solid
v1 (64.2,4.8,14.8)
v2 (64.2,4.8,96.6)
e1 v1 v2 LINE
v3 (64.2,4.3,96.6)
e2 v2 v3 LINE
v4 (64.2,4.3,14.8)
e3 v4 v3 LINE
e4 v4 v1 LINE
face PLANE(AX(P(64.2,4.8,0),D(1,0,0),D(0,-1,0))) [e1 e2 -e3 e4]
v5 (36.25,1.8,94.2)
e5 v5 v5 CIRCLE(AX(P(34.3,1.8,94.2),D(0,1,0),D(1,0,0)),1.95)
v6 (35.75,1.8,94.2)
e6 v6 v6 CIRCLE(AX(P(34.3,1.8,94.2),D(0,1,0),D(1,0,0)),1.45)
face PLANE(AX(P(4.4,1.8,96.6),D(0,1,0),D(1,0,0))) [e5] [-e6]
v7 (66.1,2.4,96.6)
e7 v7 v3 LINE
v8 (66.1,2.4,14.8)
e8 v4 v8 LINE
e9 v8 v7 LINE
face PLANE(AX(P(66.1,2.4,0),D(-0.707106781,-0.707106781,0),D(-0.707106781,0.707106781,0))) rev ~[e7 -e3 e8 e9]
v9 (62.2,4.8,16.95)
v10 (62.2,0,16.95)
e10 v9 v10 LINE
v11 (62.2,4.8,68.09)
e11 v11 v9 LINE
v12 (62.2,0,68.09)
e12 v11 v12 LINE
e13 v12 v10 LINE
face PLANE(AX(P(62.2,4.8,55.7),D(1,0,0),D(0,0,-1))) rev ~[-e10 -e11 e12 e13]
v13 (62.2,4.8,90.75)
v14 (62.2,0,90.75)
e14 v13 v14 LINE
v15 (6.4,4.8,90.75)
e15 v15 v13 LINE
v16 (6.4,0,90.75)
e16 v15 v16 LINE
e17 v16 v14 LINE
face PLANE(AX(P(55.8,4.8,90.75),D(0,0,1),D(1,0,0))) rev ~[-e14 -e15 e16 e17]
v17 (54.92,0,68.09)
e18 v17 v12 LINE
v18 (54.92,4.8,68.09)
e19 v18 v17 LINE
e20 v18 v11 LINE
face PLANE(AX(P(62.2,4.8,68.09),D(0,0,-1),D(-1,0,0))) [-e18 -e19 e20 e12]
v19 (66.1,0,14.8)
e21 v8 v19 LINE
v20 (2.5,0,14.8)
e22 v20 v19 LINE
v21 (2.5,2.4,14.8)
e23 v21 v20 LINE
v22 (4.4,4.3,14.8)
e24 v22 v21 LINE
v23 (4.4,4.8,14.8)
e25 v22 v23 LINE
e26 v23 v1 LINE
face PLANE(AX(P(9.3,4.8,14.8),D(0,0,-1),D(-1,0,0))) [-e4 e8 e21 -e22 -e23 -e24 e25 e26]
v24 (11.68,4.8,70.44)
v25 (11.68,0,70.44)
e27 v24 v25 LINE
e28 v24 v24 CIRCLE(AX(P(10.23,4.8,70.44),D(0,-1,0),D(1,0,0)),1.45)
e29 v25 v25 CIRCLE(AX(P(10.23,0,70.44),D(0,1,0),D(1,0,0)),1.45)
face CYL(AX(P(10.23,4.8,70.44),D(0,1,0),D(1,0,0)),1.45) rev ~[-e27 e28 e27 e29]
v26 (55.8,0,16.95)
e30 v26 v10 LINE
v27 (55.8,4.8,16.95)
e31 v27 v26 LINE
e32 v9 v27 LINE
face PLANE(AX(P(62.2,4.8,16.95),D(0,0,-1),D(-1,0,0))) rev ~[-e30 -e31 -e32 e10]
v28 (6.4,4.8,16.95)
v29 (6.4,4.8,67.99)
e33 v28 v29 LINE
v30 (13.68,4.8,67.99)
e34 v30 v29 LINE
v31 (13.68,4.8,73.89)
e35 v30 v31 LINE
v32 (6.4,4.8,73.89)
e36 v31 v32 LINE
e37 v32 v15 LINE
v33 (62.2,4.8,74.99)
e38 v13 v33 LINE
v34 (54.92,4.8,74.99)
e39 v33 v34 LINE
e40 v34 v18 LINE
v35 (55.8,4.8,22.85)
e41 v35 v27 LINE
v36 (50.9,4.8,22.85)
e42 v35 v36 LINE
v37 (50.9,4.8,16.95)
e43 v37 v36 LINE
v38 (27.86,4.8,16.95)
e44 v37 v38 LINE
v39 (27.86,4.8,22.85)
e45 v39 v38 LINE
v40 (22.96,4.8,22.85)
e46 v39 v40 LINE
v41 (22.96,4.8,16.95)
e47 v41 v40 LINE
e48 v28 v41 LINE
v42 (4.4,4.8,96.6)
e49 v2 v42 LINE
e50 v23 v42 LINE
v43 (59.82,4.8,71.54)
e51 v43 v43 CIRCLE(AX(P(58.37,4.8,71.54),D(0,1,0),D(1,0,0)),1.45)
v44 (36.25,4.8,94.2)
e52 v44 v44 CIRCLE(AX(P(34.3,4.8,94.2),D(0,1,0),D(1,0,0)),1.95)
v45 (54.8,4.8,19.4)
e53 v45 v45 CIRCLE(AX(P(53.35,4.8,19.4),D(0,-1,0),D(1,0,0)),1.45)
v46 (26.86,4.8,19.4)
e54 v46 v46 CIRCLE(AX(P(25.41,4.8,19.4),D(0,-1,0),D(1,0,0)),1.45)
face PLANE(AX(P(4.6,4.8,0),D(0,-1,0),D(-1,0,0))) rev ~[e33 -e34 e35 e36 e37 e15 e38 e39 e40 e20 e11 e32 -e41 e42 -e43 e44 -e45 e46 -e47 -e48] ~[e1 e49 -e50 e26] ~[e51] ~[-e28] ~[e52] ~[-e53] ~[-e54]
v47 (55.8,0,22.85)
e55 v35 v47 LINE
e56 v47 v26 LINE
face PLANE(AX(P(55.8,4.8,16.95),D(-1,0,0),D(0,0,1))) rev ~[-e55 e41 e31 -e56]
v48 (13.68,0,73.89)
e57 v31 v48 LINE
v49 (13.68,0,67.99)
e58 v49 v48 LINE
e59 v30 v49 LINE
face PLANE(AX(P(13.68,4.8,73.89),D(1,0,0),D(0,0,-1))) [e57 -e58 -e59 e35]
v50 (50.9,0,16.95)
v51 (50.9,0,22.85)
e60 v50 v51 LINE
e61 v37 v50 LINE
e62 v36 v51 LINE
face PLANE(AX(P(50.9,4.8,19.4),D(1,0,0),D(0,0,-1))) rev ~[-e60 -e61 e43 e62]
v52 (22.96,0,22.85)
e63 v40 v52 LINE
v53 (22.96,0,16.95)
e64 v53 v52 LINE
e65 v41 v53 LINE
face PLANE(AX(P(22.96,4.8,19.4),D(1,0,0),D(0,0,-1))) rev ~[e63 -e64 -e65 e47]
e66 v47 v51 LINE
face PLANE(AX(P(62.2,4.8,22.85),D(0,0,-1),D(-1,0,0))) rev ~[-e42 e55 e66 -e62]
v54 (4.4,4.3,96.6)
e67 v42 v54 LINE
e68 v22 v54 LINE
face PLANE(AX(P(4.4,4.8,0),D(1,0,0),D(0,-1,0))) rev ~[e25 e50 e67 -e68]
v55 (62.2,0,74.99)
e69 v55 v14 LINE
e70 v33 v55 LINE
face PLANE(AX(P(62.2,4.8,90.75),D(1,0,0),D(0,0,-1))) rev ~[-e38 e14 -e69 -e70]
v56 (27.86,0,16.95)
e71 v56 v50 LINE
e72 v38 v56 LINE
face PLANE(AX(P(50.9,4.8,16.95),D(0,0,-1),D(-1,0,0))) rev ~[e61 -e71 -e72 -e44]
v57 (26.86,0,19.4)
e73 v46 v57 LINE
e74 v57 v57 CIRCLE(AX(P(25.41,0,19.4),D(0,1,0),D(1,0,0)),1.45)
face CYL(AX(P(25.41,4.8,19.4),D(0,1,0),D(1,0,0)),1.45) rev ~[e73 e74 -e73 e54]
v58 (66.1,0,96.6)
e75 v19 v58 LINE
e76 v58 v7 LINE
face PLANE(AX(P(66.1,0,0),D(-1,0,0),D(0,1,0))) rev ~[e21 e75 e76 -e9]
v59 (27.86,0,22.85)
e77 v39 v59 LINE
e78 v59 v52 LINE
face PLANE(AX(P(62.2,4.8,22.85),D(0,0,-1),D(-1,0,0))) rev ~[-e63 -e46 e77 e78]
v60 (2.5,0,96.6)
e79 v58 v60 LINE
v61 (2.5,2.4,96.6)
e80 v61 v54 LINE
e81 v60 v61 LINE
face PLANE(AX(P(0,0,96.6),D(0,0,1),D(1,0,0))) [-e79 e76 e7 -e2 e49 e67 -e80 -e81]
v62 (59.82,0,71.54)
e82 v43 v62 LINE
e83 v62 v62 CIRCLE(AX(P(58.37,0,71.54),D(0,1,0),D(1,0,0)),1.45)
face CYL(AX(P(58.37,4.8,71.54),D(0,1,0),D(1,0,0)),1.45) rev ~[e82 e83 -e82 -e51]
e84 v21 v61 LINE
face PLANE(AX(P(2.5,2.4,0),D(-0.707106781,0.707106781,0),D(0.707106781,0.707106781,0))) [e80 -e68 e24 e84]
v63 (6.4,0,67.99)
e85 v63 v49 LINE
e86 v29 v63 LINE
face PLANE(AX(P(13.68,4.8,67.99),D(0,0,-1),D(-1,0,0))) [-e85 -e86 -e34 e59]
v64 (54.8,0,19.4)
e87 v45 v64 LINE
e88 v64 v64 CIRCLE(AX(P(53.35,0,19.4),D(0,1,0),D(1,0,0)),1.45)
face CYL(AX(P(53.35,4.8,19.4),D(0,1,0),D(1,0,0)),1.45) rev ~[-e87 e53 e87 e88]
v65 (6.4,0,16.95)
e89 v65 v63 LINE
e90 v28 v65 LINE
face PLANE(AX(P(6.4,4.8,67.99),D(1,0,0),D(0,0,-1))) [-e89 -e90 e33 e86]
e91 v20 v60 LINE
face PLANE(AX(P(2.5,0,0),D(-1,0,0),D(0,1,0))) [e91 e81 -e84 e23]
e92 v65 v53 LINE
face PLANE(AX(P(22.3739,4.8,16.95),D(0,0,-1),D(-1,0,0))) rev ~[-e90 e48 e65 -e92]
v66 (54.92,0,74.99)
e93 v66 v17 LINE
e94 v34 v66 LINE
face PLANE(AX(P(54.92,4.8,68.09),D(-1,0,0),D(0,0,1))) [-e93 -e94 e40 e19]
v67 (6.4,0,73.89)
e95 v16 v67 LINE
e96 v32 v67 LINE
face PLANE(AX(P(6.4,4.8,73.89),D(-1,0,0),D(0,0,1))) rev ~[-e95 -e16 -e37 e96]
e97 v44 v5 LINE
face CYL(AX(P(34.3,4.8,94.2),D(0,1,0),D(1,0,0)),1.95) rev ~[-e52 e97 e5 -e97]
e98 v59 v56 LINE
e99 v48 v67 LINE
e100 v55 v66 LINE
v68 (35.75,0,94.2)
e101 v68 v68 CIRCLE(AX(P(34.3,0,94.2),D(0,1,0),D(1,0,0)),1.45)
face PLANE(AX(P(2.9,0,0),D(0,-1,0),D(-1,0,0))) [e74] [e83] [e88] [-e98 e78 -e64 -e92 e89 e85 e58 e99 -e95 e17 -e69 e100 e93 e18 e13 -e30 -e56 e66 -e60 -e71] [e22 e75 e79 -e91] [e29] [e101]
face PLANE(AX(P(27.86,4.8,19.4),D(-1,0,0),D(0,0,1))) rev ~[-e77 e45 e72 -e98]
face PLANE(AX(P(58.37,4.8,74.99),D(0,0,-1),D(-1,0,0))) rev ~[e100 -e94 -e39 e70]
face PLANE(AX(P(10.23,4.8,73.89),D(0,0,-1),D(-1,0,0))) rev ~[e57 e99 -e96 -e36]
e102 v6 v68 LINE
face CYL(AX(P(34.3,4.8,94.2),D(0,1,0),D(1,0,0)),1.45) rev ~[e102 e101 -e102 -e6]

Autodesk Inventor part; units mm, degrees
ref_plane "YZ Plane" through (0, 0, 0) normal (1, 0, 0) x (0, 1, 0)
ref_plane "XZ Plane" through (0, 0, 0) normal (0, 1, 0) x (-1, 0, 0)
ref_plane "XY Plane" through (0, 0, 0) normal (0, 0, 1) x (1, 0, 0)
sketch "Esboço1" plane through (0, 0, 0) normal (0, 0, 1) x (1, 0, 0)
  line L0 (2.9, 0) -> (65.7, 0)
  line L1 (2.9, 0) -> (2.7, 0)
  line L2 (65.7, 0) -> (65.9, 0)
  line L3 (4.6, 4.8) -> (64, 4.8)
  line L4 (64, 4.8) -> (64.2, 4.8)
  line L5 (65.9, 0) -> (66.1, 0)
  line L6 (66.1, 0) -> (66.1, 2.4)
  line L7 (66.1, 2.4) -> (64.2, 4.3)
  line L8 (64.2, 4.8) -> (64.2, 4.3)
  line L9 (2.9, 0) -> (2.7, 0)
  line L10 (4.6, 4.8) -> (4.4, 4.8)
  line L11 (2.7, 0) -> (2.5, 0)
  line L12 (2.5, 0) -> (2.5, 2.4)
  line L13 (2.5, 2.4) -> (4.4, 4.3)
  line L14 (4.4, 4.8) -> (4.4, 4.3)
  point P0 (61.9143, 91.5369)
extrude "Extrusão1" add sketch "Esboço1" along normal blind 96.6
sketch "Esboço3" plane through (4.4, 4.8, 0) normal (0, 1, 0) x (1, 0, 0)
  line L0 (64.2, -96.6) -> (-4.4, -96.6)
  line L1 (-1.9, -96.6) -> (61.7, -96.6)
  line L2 (29.9, -96.6) -> (29.9, -94.2)
  circle A0 centre (51.4, -94.2) radius 1.45
  line L3 (29.9, -96.6) -> (29.9, -91.8)
  line L4 (29.9, -94.2) -> (51.4, -94.2)
  line L5 (29.9, -94.2) -> (8.4, -94.2)
  circle A1 centre (8.4, -94.2) radius 1.45
  line L6 (0.4, -91.8) -> (59.4, -91.8)
  line L7 (61.7, -96.6) -> (-1.9, -96.6)
  circle A2 centre (29.9, -94.2) radius 1.45
  point P0 (-1.9, 0)
  point P1 (61.7, 0)
  dimension "d104" = 2.4
  dimension "d105" = 2.4
  dimension "d140" = 2.9
extrude "Extrusão3" cut sketch "Esboço3" against normal through all contours A2 L5 L2 | L2 L4 A2 | L5 A2 L3 | L3 A2 L4
sketch "Esboço4" plane through (4.4, 4.8, 0) normal (0, 1, 0) x (1, 0, 0)
  line L0 (-1.9, 0) -> (61.7, 0) projected
  line L1 (29.9, 0) -> (29.9, -4.8)
  line L2 (29.9, -4.8) -> (29.9, -14.8)
  line L3 (29.9, -14.8) -> (4.9, -14.8)
  line L4 (29.9, -14.8) -> (54.9, -14.8)
  line L5 (4.9, -14.8) -> (4.9, -4.8)
  line L6 (4.9, -4.8) -> (29.9, -4.8)
  line L7 (29.9, -4.8) -> (54.9, -4.8)
  line L8 (54.9, -4.8) -> (54.9, -14.8)
  line L9 (61.7, 0) -> (61.7, -96.6) projected
  line L10 (61.7, -14.8) -> (-1.9, -14.8)
  line L11 (-1.9, -14.8) -> (-1.9, 0)
  line L12 (-1.9, 0) -> (61.7, 0)
  line L13 (61.7, 0) -> (61.7, -14.8)
  point P0 (-4.4, 0)
  dimension "d51" = 4.8
  dimension "d52" = 10
  dimension "d53" = 25
  dimension "d54" = 25
extrude "Extrusão4" cut sketch "Esboço4" against normal through all
sketch "Esboço5" plane through (4.4, 4.8, 0) normal (0, 1, 0) x (1, 0, 0)
  line L0 (59.8, 0) -> (59.8, -96.6) projected
  line L1 (0, 0) -> (0, -96.6) projected
  line L2 (-1.9, -96.6) -> (61.7, -96.6) projected
  line L3 (-1.9, 0) -> (61.7, 0) projected
  line L4 (29.9, -85.38) -> (3.23, -85.38)
  line L5 (29.9, -85.38) -> (56.57, -85.38)
  line L6 (3.23, -85.38) -> (3.23, -70.14)
  line L7 (3.23, -70.14) -> (4.23, -70.14)
  line L8 (4.23, -70.14) -> (5.83, -70.14)
  line L9 (56.57, -85.38) -> (56.57, -16.8)
  line L10 (3.23, -70.14) -> (3.23, -16.8)
  line L11 (3.23, -16.8) -> (21.01, -16.8)
  line L12 (3.23, -16.8) -> (48.95, -16.8)
  line L13 (21.01, -16.8) -> (21.01, -17.8)
  line L14 (48.95, -16.8) -> (48.95, -17.8)
  line L15 (21.01, -17.8) -> (21.01, -19.4)
  line L16 (48.95, -17.8) -> (48.95, -19.4)
  circle A0 centre (21.01, -19.4) radius 1.45
  circle A1 centre (48.95, -19.4) radius 1.45
  line L17 (5.83, -70.14) -> (5.83, -70.44)
  circle A2 centre (5.83, -70.44) radius 1.45
  line L18 (53.97, -70.14) -> (53.97, -71.54)
  circle A3 centre (53.97, -71.54) radius 1.45
  line L19 (4.9, -14.8) -> (54.9, -14.8) projected
  point P0 (-4.4, 0)
  dimension "d60" = 53.34
  dimension "d61" = 15.24
  dimension "d62" = 1
  dimension "d63" = 1.6
  dimension "d64" = 68.58
  dimension "d65" = 17.78
  dimension "d67" = 45.72
  dimension "d69" = 1
  dimension "d70" = 1
  dimension "d71" = 1.6
  dimension "d72" = 1.6
  dimension "d73" = 2.9
  dimension "d74" = 2.9
  dimension "d77" = 68.58
  dimension "d86" = 0.3
  dimension "d87" = 2.9
  dimension "d88" = 1.4
  dimension "d89" = 2.9
extrude "Extrusão5" cut sketch "Esboço5" against normal through all contours A2 | A1 | A0 | A3
sketch "Esboço10" plane through (4.4, 4.8, 96.6) normal (0, 1, 0) x (1, 0, 0)
  circle A0 centre (53.97, 25.06) radius 1.45 projected
  circle A1 centre (5.83, 26.16) radius 1.45 projected
  circle A2 centre (48.95, 77.2) radius 1.45 projected
  line L0 (48.95, 77.2) -> (48.95, 75.75)
  line L1 (48.95, 75.75) -> (48.95, 73.75)
  circle A3 centre (21.01, 77.2) radius 1.45 projected
  line L2 (21.01, 75.75) -> (21.01, 73.75)
  line L3 (59.8, 81.8) -> (59.8, 0) projected
  line L4 (59.8, 40.9) -> (57.8, 40.9)
  line L5 (0, 81.8) -> (0, 0) projected
  line L6 (0, 40.9) -> (2, 40.9)
  line L7 (51.4, 3.85) -> (51.4, 5.85)
  line L8 (57.8, 40.9) -> (57.8, 73.75)
  line L9 (57.8, 73.75) -> (48.95, 73.75)
  line L10 (48.95, 73.75) -> (21.01, 73.75)
  line L11 (21.01, 73.75) -> (2, 73.75)
  line L12 (2, 73.75) -> (2, 40.9)
  line L13 (53.97, 28.51) -> (50.52, 28.51)
  line L14 (50.52, 28.51) -> (50.52, 25.06)
  line L15 (51.4, 5.85) -> (57.8, 5.85)
  line L16 (57.8, 40.9) -> (57.8, 28.51)
  line L17 (57.8, 28.51) -> (53.97, 28.51)
  line L18 (57.8, 5.85) -> (57.8, 21.61)
  line L19 (57.8, 21.61) -> (53.97, 21.61)
  line L20 (53.97, 21.61) -> (50.52, 21.61)
  line L21 (50.52, 21.61) -> (50.52, 25.06)
  line L22 (2, 40.9) -> (2, 29.61)
  line L23 (2, 22.71) -> (2, 5.85)
  line L24 (2, 5.85) -> (51.4, 5.85)
  line L25 (2, 29.61) -> (5.83, 29.61)
  line L26 (9.28, 29.61) -> (9.28, 26.16)
  line L27 (9.28, 22.71) -> (5.83, 22.71)
  line L28 (5.83, 22.71) -> (2, 22.71)
  line L29 (9.28, 22.71) -> (9.28, 26.16)
  line L30 (9.28, 29.61) -> (5.83, 29.61)
  line L31 (57.8, 21.61) -> (57.8, 28.51)
  point P0 (-4.4, 96.6)
  dimension "d108" = 2
  dimension "d109" = 2
  dimension "d110" = 2
  dimension "d111" = 2
extrude "Extrusão10" cut sketch "Esboço10" against normal through all contours L9 L8 L16 L17 L13 L14 L21 L20 L19 L18 L15 L24 L23 L28 L27 L29 L26 L30 L25 L22 L12 L11 L10
sketch "Esboço13" plane through (4.4, 4.8, 96.6) normal (0, 1, 0) x (1, 0, 0)
  circle A0 centre (48.95, 77.2) radius 1.45 projected
  line L0 (51.4, 77.2) -> (51.4, 73.75)
  line L1 (51.4, 79.65) -> (51.4, 77.2)
  line L2 (57.8, 77.2) -> (57.8, 79.65)
  line L3 (57.8, 79.65) -> (51.4, 79.65)
  circle A1 centre (21.01, 77.2) radius 1.45 projected
  line L4 (23.46, 77.2) -> (23.46, 73.75)
  line L5 (23.46, 77.2) -> (23.46, 79.65)
  line L6 (46.5, 77.2) -> (46.5, 73.75)
  line L7 (46.5, 77.2) -> (46.5, 79.65)
  line L8 (46.5, 79.65) -> (23.46, 79.65)
  line L9 (17.9739, 79.65) -> (2, 79.65)
  line L10 (2, 73.75) -> (2, 29.61) projected
  line L11 (2, 79.65) -> (2, 73.75)
  line L12 (2, 73.75) -> (17.9739, 73.75)
  line L13 (18.56, 77.2) -> (18.56, 73.75)
  line L14 (18.56, 73.75) -> (17.9739, 73.75)
  line L15 (18.56, 77.2) -> (18.56, 79.65)
  line L16 (18.56, 79.65) -> (17.9739, 79.65)
  line L17 (9.28, 22.71) -> (9.28, 29.61) projected
  line L18 (9.28, 29.61) -> (9.28, 28.61)
  line L19 (9.28, 28.61) -> (2, 28.61)
  line L20 (2, 28.61) -> (2, 29.61)
  line L21 (9.28, 29.61) -> (2, 29.61)
  line L22 (57.8, 28.51) -> (57.8, 73.75) projected
  line L23 (57.8, 77.2) -> (57.8, 73.75)
  line L24 (57.8, 73.75) -> (51.4, 73.75)
  line L25 (2, 73.75) -> (57.8, 73.75) projected
  line L26 (51.4, 73.75) -> (2, 73.75)
  point P0 (-4.4, 96.6)
  dimension "d139" = 1
extrude "Extrusão12" cut sketch "Esboço13" against normal through all contours L1 L3 L2 L23 L24 L0 | L21 L17 L19 L20 | L14 L12 L11 L9 L16 L15 L13 | L25 L4 L5 L8 L7 L6
sketch "Esboço15" plane through (4.4, 4.8, 96.6) normal (0, 1, 0) x (1, 0, 0)
  circle A0 centre (29.9, 2.4) radius 1.45 projected
  circle A1 centre (29.9, 2.4) radius 1.45
  circle A2 centre (29.9, 2.4) radius 1.95
  point P0 (-4.4, 96.6)
  dimension "d142" = 3.9
extrude "Extrusão13" cut sketch "Esboço15" against normal blind 3
properties part number "tampa"
